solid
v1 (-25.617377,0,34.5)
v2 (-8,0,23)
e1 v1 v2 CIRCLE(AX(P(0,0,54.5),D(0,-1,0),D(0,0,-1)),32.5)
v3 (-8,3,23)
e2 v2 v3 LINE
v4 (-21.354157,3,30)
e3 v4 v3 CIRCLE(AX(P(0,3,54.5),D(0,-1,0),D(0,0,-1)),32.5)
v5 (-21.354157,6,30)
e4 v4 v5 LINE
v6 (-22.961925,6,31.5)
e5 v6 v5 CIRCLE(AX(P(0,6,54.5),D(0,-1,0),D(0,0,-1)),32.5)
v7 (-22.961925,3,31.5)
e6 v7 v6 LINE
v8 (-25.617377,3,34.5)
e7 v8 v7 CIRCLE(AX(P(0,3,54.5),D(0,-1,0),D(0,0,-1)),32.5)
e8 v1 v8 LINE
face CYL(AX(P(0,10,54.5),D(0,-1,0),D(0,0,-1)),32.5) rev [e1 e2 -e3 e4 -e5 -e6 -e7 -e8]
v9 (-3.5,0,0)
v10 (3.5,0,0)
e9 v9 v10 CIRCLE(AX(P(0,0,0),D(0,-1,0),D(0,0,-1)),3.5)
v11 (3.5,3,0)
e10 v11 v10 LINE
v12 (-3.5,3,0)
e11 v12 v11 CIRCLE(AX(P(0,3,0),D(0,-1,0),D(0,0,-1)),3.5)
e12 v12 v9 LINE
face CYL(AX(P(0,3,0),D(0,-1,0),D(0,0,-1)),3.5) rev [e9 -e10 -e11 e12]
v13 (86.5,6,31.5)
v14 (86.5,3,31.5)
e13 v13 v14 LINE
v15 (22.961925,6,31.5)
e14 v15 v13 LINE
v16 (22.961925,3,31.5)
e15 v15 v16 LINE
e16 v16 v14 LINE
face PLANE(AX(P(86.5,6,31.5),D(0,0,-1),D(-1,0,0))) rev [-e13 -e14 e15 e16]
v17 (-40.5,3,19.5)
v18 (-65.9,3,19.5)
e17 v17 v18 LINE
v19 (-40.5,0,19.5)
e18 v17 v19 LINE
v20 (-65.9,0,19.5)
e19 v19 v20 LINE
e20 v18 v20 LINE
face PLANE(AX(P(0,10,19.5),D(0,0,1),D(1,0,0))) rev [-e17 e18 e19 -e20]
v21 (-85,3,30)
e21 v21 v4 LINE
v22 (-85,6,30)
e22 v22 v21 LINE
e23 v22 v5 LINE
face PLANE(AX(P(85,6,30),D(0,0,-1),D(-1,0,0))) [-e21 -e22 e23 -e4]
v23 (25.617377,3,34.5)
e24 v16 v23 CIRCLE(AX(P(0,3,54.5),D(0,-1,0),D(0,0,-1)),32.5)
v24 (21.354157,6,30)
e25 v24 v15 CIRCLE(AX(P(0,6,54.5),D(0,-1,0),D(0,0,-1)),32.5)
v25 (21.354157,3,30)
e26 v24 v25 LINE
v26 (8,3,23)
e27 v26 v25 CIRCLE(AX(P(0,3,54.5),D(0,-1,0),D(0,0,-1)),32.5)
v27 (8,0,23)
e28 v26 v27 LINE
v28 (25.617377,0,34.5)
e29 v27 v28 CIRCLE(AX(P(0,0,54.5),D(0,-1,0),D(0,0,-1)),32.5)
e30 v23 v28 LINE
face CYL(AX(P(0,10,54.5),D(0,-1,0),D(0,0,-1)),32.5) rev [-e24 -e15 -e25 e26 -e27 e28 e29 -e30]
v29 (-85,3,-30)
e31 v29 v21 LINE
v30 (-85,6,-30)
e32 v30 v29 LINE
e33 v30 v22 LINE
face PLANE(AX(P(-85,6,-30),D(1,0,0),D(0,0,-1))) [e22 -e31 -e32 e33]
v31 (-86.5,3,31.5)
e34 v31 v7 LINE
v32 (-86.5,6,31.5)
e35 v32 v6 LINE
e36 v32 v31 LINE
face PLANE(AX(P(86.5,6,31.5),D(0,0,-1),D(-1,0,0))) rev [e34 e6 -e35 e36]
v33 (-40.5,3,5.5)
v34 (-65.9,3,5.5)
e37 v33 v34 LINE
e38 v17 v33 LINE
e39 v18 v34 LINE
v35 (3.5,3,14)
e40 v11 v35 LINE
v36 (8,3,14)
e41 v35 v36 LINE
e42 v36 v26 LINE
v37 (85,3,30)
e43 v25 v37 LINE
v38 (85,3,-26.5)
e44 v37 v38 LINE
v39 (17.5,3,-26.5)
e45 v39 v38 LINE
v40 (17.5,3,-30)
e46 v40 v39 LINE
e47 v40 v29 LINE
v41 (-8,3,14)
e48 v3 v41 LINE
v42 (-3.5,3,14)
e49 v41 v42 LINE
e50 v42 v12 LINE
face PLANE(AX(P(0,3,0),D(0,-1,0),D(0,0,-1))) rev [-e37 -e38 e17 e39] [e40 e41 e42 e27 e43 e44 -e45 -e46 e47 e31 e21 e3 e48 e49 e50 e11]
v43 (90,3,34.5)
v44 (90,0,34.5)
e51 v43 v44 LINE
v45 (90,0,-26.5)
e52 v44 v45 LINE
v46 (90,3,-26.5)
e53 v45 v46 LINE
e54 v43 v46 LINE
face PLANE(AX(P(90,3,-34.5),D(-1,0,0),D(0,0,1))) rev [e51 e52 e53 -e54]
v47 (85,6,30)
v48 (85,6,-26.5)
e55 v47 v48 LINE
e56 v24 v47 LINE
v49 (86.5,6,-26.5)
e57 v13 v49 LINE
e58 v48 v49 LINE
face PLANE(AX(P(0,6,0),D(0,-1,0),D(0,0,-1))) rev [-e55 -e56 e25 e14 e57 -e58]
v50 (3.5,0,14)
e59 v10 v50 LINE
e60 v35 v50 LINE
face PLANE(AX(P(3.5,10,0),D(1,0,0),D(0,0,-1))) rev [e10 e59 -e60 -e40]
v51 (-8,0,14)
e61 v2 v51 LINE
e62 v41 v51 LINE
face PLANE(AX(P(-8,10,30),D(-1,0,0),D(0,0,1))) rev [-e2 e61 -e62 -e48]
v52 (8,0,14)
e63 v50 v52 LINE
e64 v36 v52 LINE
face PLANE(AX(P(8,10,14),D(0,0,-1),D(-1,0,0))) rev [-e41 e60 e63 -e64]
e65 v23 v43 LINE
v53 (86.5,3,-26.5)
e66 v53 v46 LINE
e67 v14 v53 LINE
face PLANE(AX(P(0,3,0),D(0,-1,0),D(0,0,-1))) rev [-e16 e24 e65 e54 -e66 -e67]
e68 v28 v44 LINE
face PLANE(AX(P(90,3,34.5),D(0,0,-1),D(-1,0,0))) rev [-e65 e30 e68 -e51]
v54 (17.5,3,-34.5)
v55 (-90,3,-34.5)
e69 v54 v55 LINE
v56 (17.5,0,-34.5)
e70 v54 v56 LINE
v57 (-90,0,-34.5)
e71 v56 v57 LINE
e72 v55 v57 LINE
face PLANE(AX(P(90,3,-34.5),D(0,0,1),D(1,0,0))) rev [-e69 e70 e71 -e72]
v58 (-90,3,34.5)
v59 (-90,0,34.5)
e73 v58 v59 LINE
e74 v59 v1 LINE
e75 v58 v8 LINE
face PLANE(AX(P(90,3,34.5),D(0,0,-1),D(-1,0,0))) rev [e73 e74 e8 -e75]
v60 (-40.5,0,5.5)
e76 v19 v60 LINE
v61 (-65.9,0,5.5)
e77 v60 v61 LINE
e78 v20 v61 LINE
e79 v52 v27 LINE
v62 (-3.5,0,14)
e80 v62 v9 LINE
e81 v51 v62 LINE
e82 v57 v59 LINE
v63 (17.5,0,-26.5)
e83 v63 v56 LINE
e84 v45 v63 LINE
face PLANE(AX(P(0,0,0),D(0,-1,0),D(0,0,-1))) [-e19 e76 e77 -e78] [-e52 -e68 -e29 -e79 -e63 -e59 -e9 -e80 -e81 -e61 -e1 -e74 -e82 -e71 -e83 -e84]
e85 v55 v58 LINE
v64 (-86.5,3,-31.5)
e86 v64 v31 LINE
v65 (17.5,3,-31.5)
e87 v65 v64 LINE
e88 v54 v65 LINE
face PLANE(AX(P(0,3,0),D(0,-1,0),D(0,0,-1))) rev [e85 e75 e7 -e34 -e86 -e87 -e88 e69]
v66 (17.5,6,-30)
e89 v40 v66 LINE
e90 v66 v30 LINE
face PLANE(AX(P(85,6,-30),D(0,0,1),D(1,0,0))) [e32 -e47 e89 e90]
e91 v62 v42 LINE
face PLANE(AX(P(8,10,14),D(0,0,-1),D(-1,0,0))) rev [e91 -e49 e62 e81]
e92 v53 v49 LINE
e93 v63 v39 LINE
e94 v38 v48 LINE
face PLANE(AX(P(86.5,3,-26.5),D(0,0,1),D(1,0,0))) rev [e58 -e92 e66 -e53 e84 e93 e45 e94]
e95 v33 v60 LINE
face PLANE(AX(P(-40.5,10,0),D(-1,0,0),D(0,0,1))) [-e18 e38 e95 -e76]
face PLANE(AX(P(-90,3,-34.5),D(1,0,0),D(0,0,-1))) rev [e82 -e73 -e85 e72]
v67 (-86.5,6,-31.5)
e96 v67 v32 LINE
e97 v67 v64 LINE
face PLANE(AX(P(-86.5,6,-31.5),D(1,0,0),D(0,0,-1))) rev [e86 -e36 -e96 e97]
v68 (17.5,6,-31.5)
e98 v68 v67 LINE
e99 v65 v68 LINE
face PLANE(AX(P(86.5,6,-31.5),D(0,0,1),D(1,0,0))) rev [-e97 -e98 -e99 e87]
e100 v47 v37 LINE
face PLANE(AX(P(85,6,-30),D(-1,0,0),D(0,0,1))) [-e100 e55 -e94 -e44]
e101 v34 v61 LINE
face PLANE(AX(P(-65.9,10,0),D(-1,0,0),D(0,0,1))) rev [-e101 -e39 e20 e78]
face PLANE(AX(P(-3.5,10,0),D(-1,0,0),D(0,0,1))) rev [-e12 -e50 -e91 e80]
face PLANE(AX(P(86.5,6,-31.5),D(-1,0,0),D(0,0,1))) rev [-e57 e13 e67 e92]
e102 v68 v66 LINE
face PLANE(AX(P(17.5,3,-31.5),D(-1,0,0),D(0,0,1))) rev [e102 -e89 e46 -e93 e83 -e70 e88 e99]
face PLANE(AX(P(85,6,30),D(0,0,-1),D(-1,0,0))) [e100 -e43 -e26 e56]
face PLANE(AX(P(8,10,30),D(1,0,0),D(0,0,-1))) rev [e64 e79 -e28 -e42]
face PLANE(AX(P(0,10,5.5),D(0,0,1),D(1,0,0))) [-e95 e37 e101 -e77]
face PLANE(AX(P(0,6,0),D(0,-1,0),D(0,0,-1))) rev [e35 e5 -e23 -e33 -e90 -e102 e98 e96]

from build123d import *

# Parameters (mm, degrees)
SKETCH2_W           = 180
SKETCH2_H           = 69
BOSS_EXTRUDE1_DEPTH = 3
SKETCH3_W           = 173
SKETCH3_H           = 63
SKETCH3_W_2         = 170
SKETCH3_H_2         = 60
BOSS_EXTRUDE2_DEPTH = 3
SKETCH4_W           = 25.4
SKETCH4_H           = 14
CUT_EXTRUDE1_DEPTH  = 10
SKETCH5_W           = 69
SKETCH5_H           = 1.5
CUT_EXTRUDE2_DEPTH  = 3
SKETCH6_W           = 1.5
SKETCH6_H           = 3.5
CUT_EXTRUDE3_DEPTH  = 3
SKETCH7_R           = 3.5
CUT_EXTRUDE4_DEPTH  = 3
SKETCH8_R           = 32.5
CUT_EXTRUDE5_DEPTH  = 10
SKETCH9_W           = 16
SKETCH9_H           = 16
CUT_EXTRUDE6_DEPTH  = 10
SKETCH10_W          = 72.5
SKETCH10_H          = 8
CUT_EXTRUDE7_DEPTH  = 10
SKETCH11_W          = 7
SKETCH11_H          = 14
CUT_EXTRUDE8_DEPTH  = 10


with BuildPart() as part:
    # Sketch2 → Boss-Extrude1 (new body)
    with BuildSketch(Plane(origin=(0, 0, 0), x_dir=(1, 0, 0), z_dir=(0, 1, 0))):
        Rectangle(SKETCH2_W, SKETCH2_H)
    extrude(amount=BOSS_EXTRUDE1_DEPTH)

    # Sketch3 → Boss-Extrude2 (add)
    with BuildSketch(Plane(origin=(0, 3, 0), x_dir=(1, 0, 0), z_dir=(0, 1, 0))):
        Rectangle(SKETCH3_W, SKETCH3_H)
        Rectangle(SKETCH3_W_2, SKETCH3_H_2, mode=Mode.SUBTRACT)
    extrude(amount=BOSS_EXTRUDE2_DEPTH)

    # Sketch4 → Cut-Extrude1 (cut)
    with BuildSketch(Plane.XZ):
        with Locations((-53.2, 12.5)):
            Rectangle(SKETCH4_W, SKETCH4_H)
    extrude(amount=-CUT_EXTRUDE1_DEPTH, mode=Mode.SUBTRACT)

    # Sketch5 → Cut-Extrude2 (cut)
    with BuildSketch(Plane(origin=(0, 6, 0), x_dir=(1, 0, 0), z_dir=(0, 1, 0))):
        with Locations((52, 30.75)):
            Rectangle(SKETCH5_W, SKETCH5_H)
    extrude(amount=-CUT_EXTRUDE2_DEPTH, mode=Mode.SUBTRACT)

    # Sketch6 → Cut-Extrude3 (cut)
    with BuildSketch(Plane(origin=(0, 6, 0), x_dir=(1, 0, 0), z_dir=(0, 1, 0))):
        with Locations((85.75, 28.25)):
            Rectangle(SKETCH6_W, SKETCH6_H)
    extrude(amount=-CUT_EXTRUDE3_DEPTH, mode=Mode.SUBTRACT)

    # Sketch7 → Cut-Extrude4 (cut)
    with BuildSketch(Plane.XZ):
        Circle(SKETCH7_R)
    extrude(amount=-CUT_EXTRUDE4_DEPTH, mode=Mode.SUBTRACT)

    # Sketch8 → Cut-Extrude5 (cut)
    with BuildSketch(Plane.XZ):
        with Locations((0, 54.5)):
            Circle(SKETCH8_R)
    extrude(amount=-CUT_EXTRUDE5_DEPTH, mode=Mode.SUBTRACT)

    # Sketch9 → Cut-Extrude6 (cut)
    with BuildSketch(Plane.XZ):
        with Locations((0, 22)):
            Rectangle(SKETCH9_W, SKETCH9_H)
    extrude(amount=-CUT_EXTRUDE6_DEPTH, mode=Mode.SUBTRACT)

    # Sketch10 → Cut-Extrude7 (cut)
    with BuildSketch(Plane(origin=(0, 3, 0), x_dir=(1, 0, 0), z_dir=(0, 1, 0))):
        with Locations((53.75, 30.5)):
            Rectangle(SKETCH10_W, SKETCH10_H)
    extrude(amount=-CUT_EXTRUDE7_DEPTH, mode=Mode.SUBTRACT)

    # Sketch11 → Cut-Extrude8 (cut)
    with BuildSketch(Plane(origin=(0, 0, 0), x_dir=(-1, 0, 0), z_dir=(0, -1, 0))):
        with Locations((0, -7)):
            Rectangle(SKETCH11_W, SKETCH11_H)
    extrude(amount=-CUT_EXTRUDE8_DEPTH, mode=Mode.SUBTRACT)


solid = part.part
